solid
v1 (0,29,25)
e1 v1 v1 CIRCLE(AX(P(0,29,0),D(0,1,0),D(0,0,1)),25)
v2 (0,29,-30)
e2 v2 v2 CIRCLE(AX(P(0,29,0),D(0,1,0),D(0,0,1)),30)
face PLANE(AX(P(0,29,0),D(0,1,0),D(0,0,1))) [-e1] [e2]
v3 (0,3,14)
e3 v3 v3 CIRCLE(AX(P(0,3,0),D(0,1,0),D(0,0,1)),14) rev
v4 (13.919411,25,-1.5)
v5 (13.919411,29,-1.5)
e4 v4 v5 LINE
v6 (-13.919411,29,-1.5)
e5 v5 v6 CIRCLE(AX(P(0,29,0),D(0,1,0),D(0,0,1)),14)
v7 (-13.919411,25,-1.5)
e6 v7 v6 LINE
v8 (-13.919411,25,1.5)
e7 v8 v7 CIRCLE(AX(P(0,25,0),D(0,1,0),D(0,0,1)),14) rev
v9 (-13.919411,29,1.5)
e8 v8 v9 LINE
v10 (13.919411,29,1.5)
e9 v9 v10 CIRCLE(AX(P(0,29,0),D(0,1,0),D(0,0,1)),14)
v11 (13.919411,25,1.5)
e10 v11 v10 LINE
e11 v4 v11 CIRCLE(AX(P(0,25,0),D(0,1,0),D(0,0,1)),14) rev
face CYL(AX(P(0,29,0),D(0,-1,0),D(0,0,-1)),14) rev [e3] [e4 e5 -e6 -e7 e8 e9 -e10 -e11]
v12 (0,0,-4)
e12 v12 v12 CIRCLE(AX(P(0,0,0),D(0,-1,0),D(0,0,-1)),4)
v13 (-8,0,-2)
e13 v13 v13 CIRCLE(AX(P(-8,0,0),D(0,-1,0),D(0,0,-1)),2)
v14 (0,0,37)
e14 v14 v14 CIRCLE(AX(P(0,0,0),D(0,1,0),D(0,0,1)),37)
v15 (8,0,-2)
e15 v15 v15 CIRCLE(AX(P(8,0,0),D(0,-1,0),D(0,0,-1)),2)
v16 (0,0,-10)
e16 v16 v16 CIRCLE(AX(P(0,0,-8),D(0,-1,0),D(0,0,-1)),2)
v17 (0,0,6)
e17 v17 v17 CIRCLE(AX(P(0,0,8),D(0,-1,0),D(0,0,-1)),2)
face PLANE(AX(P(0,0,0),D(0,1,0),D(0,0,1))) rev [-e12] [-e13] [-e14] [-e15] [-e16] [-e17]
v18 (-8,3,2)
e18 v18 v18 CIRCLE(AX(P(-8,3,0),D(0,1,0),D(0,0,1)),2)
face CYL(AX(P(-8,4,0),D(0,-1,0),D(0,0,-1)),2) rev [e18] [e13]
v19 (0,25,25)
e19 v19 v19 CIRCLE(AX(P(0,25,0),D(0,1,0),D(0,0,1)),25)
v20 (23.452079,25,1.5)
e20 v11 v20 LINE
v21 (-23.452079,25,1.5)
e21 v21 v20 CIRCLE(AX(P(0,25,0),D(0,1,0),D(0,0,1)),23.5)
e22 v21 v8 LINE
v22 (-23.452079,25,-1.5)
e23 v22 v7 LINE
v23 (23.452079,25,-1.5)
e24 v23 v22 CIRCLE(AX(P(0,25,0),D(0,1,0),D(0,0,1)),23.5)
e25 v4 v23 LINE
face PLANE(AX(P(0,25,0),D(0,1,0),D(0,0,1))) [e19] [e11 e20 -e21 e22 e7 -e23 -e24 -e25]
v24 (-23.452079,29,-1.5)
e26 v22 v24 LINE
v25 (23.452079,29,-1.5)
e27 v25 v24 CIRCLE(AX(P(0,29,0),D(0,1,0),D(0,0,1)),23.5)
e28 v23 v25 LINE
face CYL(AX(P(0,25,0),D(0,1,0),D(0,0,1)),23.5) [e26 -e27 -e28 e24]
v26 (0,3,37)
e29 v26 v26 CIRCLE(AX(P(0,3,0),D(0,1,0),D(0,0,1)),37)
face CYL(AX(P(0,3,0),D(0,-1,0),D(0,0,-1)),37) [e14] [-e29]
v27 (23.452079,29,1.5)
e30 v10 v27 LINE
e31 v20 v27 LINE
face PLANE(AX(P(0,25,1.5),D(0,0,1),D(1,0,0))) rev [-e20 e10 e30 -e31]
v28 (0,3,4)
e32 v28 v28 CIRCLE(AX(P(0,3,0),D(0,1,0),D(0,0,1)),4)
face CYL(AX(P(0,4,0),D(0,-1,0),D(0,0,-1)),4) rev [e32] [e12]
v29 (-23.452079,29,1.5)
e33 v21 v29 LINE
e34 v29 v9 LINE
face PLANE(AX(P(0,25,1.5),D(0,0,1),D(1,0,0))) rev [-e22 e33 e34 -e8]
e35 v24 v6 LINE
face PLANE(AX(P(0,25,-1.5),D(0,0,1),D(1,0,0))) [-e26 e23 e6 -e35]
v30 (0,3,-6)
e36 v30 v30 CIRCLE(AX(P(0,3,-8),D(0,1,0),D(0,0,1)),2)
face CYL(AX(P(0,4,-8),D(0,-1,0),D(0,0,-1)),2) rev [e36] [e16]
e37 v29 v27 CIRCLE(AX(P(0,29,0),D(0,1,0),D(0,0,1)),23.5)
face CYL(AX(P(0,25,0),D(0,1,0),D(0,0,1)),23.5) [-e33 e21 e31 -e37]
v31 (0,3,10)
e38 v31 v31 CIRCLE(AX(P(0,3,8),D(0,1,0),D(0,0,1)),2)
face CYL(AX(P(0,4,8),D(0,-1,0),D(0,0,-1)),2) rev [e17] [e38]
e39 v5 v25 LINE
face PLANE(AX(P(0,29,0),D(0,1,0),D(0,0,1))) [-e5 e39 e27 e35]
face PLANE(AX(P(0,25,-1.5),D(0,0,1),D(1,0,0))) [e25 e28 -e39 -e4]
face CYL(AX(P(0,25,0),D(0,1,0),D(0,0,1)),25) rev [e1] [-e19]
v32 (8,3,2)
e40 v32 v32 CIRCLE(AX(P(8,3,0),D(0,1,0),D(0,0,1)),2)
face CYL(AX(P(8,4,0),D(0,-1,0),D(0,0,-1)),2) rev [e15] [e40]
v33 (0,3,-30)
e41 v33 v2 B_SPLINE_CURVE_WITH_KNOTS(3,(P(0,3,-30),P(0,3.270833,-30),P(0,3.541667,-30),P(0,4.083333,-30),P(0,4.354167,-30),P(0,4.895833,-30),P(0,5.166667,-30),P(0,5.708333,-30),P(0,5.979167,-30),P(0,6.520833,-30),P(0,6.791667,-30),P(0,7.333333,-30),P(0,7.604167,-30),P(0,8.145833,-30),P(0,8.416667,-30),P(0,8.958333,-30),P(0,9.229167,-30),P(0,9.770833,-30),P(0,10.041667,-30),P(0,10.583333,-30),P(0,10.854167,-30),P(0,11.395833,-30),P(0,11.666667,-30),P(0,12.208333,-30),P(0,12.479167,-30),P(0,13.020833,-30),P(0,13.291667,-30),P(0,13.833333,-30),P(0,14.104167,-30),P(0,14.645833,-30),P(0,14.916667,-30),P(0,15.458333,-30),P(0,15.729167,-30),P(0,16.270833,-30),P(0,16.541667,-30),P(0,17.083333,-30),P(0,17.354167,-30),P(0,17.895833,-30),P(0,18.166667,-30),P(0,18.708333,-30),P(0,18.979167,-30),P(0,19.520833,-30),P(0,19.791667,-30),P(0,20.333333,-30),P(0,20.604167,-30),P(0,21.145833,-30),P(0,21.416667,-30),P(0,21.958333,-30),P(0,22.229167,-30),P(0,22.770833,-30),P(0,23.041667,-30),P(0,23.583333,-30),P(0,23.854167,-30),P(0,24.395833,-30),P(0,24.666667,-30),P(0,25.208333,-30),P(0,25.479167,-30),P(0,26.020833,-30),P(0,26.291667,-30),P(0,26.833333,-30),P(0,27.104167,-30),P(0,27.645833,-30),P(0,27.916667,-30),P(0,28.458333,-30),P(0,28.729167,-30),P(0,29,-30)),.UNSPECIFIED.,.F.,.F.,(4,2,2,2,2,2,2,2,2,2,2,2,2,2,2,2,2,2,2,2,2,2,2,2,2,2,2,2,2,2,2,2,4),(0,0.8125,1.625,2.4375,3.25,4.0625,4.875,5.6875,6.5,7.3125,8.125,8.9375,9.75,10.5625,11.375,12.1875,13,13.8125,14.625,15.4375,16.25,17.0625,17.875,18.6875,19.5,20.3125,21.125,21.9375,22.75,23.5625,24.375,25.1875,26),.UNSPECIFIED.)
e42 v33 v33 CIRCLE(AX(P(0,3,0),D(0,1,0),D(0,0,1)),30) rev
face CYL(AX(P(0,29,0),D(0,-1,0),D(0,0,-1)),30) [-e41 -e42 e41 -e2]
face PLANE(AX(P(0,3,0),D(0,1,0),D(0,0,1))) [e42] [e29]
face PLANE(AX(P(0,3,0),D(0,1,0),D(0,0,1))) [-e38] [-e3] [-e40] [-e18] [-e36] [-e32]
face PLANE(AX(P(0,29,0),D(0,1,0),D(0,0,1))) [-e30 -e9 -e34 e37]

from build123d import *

# Parameters (mm, degrees)
SKETCH1_R           = 37
BOSS_EXTRUDE1_DEPTH = 3
SKETCH1_3_R         = 30
SKETCH1_3_R_2       = 14
BOSS_EXTRUDE2_DEPTH = 29
CUT_EXTRUDE1_START  = -4
SKETCH2_R           = 25
SKETCH2_R_2         = 23.5
CUT_EXTRUDE1_DEPTH  = 4
SKETCH3_R           = 4
SKETCH3_R_2         = 2
CUT_EXTRUDE2_DEPTH  = 4


with BuildPart() as part:
    # Sketch1 → Boss-Extrude1 (new body)
    with BuildSketch(Plane(origin=(0, 0, 0), x_dir=(1, 0, 0), z_dir=(0, 1, 0))):
        with Locations(Location((0, 0, 0), (0, 0, 270))):
            Circle(SKETCH1_R)
    extrude(amount=BOSS_EXTRUDE1_DEPTH)

    # Sketch1<3> → Boss-Extrude2 (add)
    with BuildSketch(Plane(origin=(0, 0, 0), x_dir=(1, 0, 0), z_dir=(0, 1, 0))):
        with Locations(Location((0, 0, 0), (0, 0, 90))):
            Circle(SKETCH1_3_R)
        with Locations(Location((0, 0, 0), (0, 0, 90))):
            Circle(SKETCH1_3_R_2, mode=Mode.SUBTRACT)
    extrude(amount=BOSS_EXTRUDE2_DEPTH)

    # Sketch2 → Cut-Extrude1 (cut)
    # profile 1 of 10: a face of its own
    with BuildSketch(Plane(origin=(0, 29, 0), x_dir=(1, 0, 0), z_dir=(0, 1, 0)).offset(CUT_EXTRUDE1_START)):
        with Locations(Location((0, 0, 0), (0, 0, 270))):
            Circle(SKETCH2_R)
        Circle(SKETCH2_R_2, mode=Mode.SUBTRACT)
    # profile 2 of 10: a face of its own
    with BuildSketch(Plane(origin=(0, 29, 0), x_dir=(1, 0, 0), z_dir=(0, 1, 0)).offset(CUT_EXTRUDE1_START)):
        with BuildLine():
            ThreePointArc((24.954959427, 1.5), (0, 25), (-24.954959427, 1.5))
            Line((-24.954959427, 1.5), (-23.452078799, 1.5))
            ThreePointArc((-23.452078799, 1.5), (0, 23.5), (23.452078799, 1.5))
            Line((23.452078799, 1.5), (24.954959427, 1.5))
        make_face()
    # profile 3 of 10: a face of its own
    with BuildSketch(Plane(origin=(0, 29, 0), x_dir=(1, 0, 0), z_dir=(0, 1, 0)).offset(CUT_EXTRUDE1_START)):
        with BuildLine():
            ThreePointArc((-24.954959427, 1.5), (-25, 0), (-24.954959427, -1.5))
            Line((-24.954959427, -1.5), (-23.452078799, -1.5))
            ThreePointArc((-23.452078799, -1.5), (-23.5, 0), (-23.452078799, 1.5))
            Line((-23.452078799, 1.5), (-24.954959427, 1.5))
        make_face()
    # profile 4 of 10: a face of its own
    with BuildSketch(Plane(origin=(0, 29, 0), x_dir=(1, 0, 0), z_dir=(0, 1, 0)).offset(CUT_EXTRUDE1_START)):
        with BuildLine():
            Line((23.452078799, -1.5), (24.954959427, -1.5))
            ThreePointArc((24.954959427, -1.5), (24.98873732, -0.750338033), (25, 0))
            ThreePointArc((25, 0), (24.98873732, 0.750338033), (24.954959427, 1.5))
            Line((24.954959427, 1.5), (23.452078799, 1.5))
            ThreePointArc((23.452078799, 1.5), (23.488016644, 0.750382643), (23.5, 0))
            ThreePointArc((23.5, 0), (23.488016644, -0.750382643), (23.452078799, -1.5))
        make_face()
    # profile 5 of 10: a face of its own
    with BuildSketch(Plane(origin=(0, 29, 0), x_dir=(1, 0, 0), z_dir=(0, 1, 0)).offset(CUT_EXTRUDE1_START)):
        with BuildLine():
            ThreePointArc((-23.452078799, 1.5), (-23.5, 0), (-23.452078799, -1.5))
            Line((-23.452078799, -1.5), (-13.919410907, -1.5))
            ThreePointArc((-13.919410907, -1.5), (-14, 0), (-13.919410907, 1.5))
            Line((-13.919410907, 1.5), (-23.452078799, 1.5))
        make_face()
    # profile 6 of 10: a face of its own
    with BuildSketch(Plane(origin=(0, 29, 0), x_dir=(1, 0, 0), z_dir=(0, 1, 0)).offset(CUT_EXTRUDE1_START)):
        with BuildLine():
            Line((13.919410907, -1.5), (23.452078799, -1.5))
            ThreePointArc((23.452078799, -1.5), (23.488016644, -0.750382643), (23.5, 0))
            ThreePointArc((23.5, 0), (23.488016644, 0.750382643), (23.452078799, 1.5))
            Line((23.452078799, 1.5), (13.919410907, 1.5))
            ThreePointArc((13.919410907, 1.5), (13.979838209, 0.751081654), (14, 0))
            ThreePointArc((14, 0), (13.979838209, -0.751081654), (13.919410907, -1.5))
        make_face()
    # profile 7 of 10: a face of its own
    with BuildSketch(Plane(origin=(0, 29, 0), x_dir=(1, 0, 0), z_dir=(0, 1, 0)).offset(CUT_EXTRUDE1_START)):
        with BuildLine():
            ThreePointArc((-23.452078799, 1.5), (-23.5, 0), (-23.452078799, -1.5))
            Line((-23.452078799, -1.5), (-13.919410907, -1.5))
            ThreePointArc((-13.919410907, -1.5), (-14, 0), (-13.919410907, 1.5))
            Line((-13.919410907, 1.5), (-23.452078799, 1.5))
        make_face()
    # profile 8 of 10: a face of its own
    with BuildSketch(Plane(origin=(0, 29, 0), x_dir=(1, 0, 0), z_dir=(0, 1, 0)).offset(CUT_EXTRUDE1_START)):
        with BuildLine():
            Line((13.919410907, -1.5), (23.452078799, -1.5))
            ThreePointArc((23.452078799, -1.5), (23.488016644, -0.750382643), (23.5, 0))
            ThreePointArc((23.5, 0), (23.488016644, 0.750382643), (23.452078799, 1.5))
            Line((23.452078799, 1.5), (13.919410907, 1.5))
            ThreePointArc((13.919410907, 1.5), (13.979838209, 0.751081654), (14, 0))
            ThreePointArc((14, 0), (13.979838209, -0.751081654), (13.919410907, -1.5))
        make_face()
    # profile 9 of 10: a face of its own
    with BuildSketch(Plane(origin=(0, 29, 0), x_dir=(1, 0, 0), z_dir=(0, 1, 0)).offset(CUT_EXTRUDE1_START)):
        with BuildLine():
            ThreePointArc((-24.954959427, 1.5), (-25, 0), (-24.954959427, -1.5))
            Line((-24.954959427, -1.5), (-23.452078799, -1.5))
            ThreePointArc((-23.452078799, -1.5), (-23.5, 0), (-23.452078799, 1.5))
            Line((-23.452078799, 1.5), (-24.954959427, 1.5))
        make_face()
    # profile 10 of 10: a face of its own
    with BuildSketch(Plane(origin=(0, 29, 0), x_dir=(1, 0, 0), z_dir=(0, 1, 0)).offset(CUT_EXTRUDE1_START)):
        with BuildLine():
            Line((23.452078799, -1.5), (24.954959427, -1.5))
            ThreePointArc((24.954959427, -1.5), (24.98873732, -0.750338033), (25, 0))
            ThreePointArc((25, 0), (24.98873732, 0.750338033), (24.954959427, 1.5))
            Line((24.954959427, 1.5), (23.452078799, 1.5))
            ThreePointArc((23.452078799, 1.5), (23.488016644, 0.750382643), (23.5, 0))
            ThreePointArc((23.5, 0), (23.488016644, -0.750382643), (23.452078799, -1.5))
        make_face()
    extrude(amount=CUT_EXTRUDE1_DEPTH, mode=Mode.SUBTRACT)

    # Sketch3 → Cut-Extrude2 (cut)
    with BuildSketch(Plane.XZ):
        with Locations(Location((0, 0, 0), (0, 0, 270))):
            Circle(SKETCH3_R)
        with Locations(Location((-8, 0, 0), (0, 0, 270))):
            Circle(SKETCH3_R_2)
        with Locations(Location((0, 8, 0), (0, 0, 270))):
            Circle(SKETCH3_R_2)
        with Locations(Location((8, 0, 0), (0, 0, 270))):
            Circle(SKETCH3_R_2)
        with Locations(Location((0, -8, 0), (0, 0, 270))):
            Circle(SKETCH3_R_2)
    extrude(amount=-CUT_EXTRUDE2_DEPTH, mode=Mode.SUBTRACT)


solid = part.part
